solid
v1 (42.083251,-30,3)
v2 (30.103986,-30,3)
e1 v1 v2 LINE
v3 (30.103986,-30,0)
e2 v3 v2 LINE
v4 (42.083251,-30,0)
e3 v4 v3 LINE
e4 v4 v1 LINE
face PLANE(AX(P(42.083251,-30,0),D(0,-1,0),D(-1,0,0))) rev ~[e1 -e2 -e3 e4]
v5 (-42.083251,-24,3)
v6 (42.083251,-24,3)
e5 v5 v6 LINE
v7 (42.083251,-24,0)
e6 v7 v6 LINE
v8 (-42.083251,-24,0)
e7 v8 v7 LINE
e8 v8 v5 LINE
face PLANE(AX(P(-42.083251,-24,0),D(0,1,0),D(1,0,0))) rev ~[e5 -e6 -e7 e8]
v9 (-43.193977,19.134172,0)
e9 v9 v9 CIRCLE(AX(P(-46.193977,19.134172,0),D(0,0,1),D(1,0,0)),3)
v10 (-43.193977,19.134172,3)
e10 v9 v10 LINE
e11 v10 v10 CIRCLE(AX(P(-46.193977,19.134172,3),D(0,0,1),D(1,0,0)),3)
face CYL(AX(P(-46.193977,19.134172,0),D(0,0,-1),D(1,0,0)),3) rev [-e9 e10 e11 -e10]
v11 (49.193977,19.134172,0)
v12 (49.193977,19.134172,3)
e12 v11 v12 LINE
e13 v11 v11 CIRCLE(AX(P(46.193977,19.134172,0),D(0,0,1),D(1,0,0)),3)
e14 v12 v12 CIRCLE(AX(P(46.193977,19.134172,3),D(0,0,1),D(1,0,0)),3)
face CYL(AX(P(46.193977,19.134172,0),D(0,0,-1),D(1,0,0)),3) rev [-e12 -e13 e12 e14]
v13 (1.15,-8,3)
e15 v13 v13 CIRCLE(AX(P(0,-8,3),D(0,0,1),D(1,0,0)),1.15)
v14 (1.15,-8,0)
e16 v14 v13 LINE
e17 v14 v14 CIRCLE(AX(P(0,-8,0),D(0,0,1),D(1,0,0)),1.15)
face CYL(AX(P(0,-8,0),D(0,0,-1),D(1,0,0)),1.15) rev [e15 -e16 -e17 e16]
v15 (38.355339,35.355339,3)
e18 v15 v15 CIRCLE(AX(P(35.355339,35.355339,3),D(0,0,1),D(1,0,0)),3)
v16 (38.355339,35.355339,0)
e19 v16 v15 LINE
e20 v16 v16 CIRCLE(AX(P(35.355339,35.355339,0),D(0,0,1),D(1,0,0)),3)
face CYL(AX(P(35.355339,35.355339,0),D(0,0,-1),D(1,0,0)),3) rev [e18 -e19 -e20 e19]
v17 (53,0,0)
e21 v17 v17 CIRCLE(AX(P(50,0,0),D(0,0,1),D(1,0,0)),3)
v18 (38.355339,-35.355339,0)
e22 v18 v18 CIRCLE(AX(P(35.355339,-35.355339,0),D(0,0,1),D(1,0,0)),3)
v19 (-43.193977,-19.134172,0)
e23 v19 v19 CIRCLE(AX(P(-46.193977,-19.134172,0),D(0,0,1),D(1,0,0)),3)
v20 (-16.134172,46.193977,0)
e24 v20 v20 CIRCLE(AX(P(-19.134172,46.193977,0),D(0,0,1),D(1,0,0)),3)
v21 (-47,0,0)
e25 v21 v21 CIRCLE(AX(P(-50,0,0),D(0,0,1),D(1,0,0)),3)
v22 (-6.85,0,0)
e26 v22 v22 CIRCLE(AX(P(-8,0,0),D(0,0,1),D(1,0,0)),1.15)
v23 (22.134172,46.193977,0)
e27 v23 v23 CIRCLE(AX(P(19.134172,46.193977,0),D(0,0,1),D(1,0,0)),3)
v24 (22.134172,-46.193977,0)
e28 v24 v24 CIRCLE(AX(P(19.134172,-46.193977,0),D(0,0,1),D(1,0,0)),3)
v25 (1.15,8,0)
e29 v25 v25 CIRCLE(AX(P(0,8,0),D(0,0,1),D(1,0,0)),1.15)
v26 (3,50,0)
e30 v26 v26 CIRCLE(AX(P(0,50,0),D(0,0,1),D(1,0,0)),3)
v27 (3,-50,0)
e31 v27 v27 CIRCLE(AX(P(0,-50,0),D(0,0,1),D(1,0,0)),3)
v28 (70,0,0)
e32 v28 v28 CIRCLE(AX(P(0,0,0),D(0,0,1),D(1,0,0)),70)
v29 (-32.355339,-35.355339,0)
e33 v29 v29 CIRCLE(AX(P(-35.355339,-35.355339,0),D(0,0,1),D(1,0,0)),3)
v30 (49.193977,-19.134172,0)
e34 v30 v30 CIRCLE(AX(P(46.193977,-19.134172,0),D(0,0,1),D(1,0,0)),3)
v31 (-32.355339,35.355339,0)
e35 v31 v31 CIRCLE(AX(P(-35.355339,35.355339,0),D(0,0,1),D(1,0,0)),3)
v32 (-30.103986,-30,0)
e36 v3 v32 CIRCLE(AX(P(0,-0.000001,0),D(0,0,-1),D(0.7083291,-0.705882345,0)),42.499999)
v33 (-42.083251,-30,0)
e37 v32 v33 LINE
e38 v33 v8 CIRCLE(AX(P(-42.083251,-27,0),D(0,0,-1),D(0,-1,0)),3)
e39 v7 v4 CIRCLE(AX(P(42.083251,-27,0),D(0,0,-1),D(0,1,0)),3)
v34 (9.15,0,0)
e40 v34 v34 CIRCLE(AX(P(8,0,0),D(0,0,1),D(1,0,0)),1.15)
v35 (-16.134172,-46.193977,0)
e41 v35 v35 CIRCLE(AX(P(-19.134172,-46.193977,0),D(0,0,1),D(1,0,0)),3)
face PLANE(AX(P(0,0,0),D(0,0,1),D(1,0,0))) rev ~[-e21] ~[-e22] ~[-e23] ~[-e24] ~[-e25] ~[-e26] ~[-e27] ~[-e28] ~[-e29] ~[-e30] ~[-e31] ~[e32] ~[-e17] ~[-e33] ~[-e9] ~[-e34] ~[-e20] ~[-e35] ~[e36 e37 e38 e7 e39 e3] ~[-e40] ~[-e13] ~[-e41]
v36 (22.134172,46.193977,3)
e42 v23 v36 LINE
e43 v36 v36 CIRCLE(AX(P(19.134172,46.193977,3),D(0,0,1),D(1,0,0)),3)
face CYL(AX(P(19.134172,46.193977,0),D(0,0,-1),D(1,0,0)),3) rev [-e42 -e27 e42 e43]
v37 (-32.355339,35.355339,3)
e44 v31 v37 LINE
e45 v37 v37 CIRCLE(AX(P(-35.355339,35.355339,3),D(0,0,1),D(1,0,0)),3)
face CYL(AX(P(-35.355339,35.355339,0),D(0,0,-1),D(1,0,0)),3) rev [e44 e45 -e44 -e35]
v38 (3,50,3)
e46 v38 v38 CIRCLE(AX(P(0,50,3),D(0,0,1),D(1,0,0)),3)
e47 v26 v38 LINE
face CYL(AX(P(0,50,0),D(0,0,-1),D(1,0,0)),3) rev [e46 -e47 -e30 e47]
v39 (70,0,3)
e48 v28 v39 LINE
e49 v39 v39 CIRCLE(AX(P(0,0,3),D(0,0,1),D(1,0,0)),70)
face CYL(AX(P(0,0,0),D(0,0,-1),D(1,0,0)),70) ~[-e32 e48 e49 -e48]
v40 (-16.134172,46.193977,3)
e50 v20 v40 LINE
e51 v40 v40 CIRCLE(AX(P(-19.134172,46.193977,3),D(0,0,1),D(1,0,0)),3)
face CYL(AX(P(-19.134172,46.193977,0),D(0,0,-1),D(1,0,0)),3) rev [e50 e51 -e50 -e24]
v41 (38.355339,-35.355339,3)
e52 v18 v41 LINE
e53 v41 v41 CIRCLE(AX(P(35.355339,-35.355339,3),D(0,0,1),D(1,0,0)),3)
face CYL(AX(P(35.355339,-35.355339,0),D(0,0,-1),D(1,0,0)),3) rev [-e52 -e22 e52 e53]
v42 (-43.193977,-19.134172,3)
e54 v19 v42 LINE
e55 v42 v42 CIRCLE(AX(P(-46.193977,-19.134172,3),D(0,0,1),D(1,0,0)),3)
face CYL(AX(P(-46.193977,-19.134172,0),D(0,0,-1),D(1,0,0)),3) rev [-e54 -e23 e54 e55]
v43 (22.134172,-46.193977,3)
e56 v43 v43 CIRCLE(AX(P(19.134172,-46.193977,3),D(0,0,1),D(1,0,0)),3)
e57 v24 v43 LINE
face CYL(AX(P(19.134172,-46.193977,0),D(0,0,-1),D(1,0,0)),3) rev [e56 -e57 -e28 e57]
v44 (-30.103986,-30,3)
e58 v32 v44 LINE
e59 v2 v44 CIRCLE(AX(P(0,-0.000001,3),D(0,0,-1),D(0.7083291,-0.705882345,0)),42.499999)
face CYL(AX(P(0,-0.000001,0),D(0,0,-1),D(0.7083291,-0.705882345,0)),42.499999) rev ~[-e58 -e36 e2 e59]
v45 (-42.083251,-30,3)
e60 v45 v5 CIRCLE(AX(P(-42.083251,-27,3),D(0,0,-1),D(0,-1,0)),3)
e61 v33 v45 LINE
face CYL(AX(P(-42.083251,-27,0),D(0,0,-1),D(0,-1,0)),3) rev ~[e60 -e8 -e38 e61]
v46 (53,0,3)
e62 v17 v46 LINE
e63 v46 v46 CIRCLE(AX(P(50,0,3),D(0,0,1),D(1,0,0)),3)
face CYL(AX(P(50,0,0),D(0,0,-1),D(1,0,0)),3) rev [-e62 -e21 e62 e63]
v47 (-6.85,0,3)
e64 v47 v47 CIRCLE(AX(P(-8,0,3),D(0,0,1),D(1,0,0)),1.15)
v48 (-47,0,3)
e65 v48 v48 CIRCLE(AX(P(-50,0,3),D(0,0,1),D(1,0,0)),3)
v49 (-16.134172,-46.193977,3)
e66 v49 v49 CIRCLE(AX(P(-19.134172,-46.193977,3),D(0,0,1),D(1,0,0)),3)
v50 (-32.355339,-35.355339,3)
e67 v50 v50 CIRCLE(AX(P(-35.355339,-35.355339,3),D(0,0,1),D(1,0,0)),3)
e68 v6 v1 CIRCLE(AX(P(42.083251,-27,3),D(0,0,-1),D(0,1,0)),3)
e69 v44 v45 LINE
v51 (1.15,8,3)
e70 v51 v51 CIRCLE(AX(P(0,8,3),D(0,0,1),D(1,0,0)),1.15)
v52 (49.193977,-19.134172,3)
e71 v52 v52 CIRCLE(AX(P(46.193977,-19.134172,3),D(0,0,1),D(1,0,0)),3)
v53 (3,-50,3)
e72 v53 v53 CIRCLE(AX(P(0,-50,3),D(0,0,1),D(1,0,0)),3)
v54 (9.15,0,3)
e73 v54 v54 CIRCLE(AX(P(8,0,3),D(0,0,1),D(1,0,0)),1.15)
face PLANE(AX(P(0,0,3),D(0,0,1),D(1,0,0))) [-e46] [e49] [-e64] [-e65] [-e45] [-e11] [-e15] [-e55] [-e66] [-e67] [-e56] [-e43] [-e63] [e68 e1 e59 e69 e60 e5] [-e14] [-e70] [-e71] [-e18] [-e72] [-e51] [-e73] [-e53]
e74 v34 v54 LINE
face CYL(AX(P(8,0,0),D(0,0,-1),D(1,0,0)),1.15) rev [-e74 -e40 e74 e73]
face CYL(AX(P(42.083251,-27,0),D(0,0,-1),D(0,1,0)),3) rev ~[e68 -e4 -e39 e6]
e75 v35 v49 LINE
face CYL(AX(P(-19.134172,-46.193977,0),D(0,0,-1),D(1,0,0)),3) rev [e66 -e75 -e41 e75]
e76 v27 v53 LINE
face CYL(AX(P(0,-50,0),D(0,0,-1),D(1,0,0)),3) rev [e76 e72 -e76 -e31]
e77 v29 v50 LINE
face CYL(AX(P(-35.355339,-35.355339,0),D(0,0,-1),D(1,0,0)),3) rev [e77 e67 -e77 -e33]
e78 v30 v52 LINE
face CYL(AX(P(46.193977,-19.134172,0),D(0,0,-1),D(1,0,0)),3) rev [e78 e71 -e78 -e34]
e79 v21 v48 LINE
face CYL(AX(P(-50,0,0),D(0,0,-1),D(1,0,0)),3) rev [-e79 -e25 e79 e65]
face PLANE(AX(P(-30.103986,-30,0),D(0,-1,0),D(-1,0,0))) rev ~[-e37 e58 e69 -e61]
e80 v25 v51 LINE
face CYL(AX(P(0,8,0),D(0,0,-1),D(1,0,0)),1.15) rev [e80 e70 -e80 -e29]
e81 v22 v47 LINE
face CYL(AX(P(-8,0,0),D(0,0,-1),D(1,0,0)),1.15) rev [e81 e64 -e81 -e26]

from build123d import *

# Parameters (mm, degrees)
F0_R     = 70
F0_R_2   = 3
F0_R_3   = 1.15
F1_DEPTH = 3


with BuildPart() as f1:
    # F0 (on Top) → F1 (new body)
    with BuildSketch(Plane.XY):
        Circle(F0_R)
        with Locations((-35.355339, -35.355339)):
            Circle(F0_R_2, mode=Mode.SUBTRACT)
        with Locations((-19.134172, -46.193977)):
            Circle(F0_R_2, mode=Mode.SUBTRACT)
        with Locations((-46.193977, -19.134172)):
            Circle(F0_R_2, mode=Mode.SUBTRACT)
        with Locations((0, -50)):
            Circle(F0_R_2, mode=Mode.SUBTRACT)
        with Locations((19.134172, -46.193977)):
            Circle(F0_R_2, mode=Mode.SUBTRACT)
        with Locations((35.355339, -35.355339)):
            Circle(F0_R_2, mode=Mode.SUBTRACT)
        with BuildLine():
            ThreePointArc((30.103986, -30), (0, -42.5), (-30.103986, -30))
            Line((-30.103986, -30), (-42.083251, -30))
            ThreePointArc((-42.083251, -30), (-45.083251, -27), (-42.083251, -24))
            Line((-42.083251, -24), (-35.07492, -24))
            Line((-35.07492, -24), (35.07492, -24))
            Line((35.07492, -24), (42.083251, -24))
            ThreePointArc((42.083251, -24), (45.083251, -27), (42.083251, -30))
            Line((42.083251, -30), (30.103986, -30))
        make_face(mode=Mode.SUBTRACT)
        with Locations((0, -8)):
            Circle(F0_R_3, mode=Mode.SUBTRACT)
        with Locations((46.193977, -19.134172)):
            Circle(F0_R_2, mode=Mode.SUBTRACT)
        with Locations((-50, 0)):
            Circle(F0_R_2, mode=Mode.SUBTRACT)
        with Locations((-46.193977, 19.134172)):
            Circle(F0_R_2, mode=Mode.SUBTRACT)
        with Locations((-8, 0)):
            Circle(F0_R_3, mode=Mode.SUBTRACT)
        with Locations((-35.355339, 35.355339)):
            Circle(F0_R_2, mode=Mode.SUBTRACT)
        with Locations((-19.134172, 46.193977)):
            Circle(F0_R_2, mode=Mode.SUBTRACT)
        with Locations((8, 0)):
            Circle(F0_R_3, mode=Mode.SUBTRACT)
        with Locations((0, 8)):
            Circle(F0_R_3, mode=Mode.SUBTRACT)
        with Locations((50, 0)):
            Circle(F0_R_2, mode=Mode.SUBTRACT)
        with Locations((46.193977, 19.134172)):
            Circle(F0_R_2, mode=Mode.SUBTRACT)
        with Locations((0, 50)):
            Circle(F0_R_2, mode=Mode.SUBTRACT)
        with Locations((19.134172, 46.193977)):
            Circle(F0_R_2, mode=Mode.SUBTRACT)
        with Locations((35.355339, 35.355339)):
            Circle(F0_R_2, mode=Mode.SUBTRACT)
    extrude(amount=F1_DEPTH)


solid = f1.part
